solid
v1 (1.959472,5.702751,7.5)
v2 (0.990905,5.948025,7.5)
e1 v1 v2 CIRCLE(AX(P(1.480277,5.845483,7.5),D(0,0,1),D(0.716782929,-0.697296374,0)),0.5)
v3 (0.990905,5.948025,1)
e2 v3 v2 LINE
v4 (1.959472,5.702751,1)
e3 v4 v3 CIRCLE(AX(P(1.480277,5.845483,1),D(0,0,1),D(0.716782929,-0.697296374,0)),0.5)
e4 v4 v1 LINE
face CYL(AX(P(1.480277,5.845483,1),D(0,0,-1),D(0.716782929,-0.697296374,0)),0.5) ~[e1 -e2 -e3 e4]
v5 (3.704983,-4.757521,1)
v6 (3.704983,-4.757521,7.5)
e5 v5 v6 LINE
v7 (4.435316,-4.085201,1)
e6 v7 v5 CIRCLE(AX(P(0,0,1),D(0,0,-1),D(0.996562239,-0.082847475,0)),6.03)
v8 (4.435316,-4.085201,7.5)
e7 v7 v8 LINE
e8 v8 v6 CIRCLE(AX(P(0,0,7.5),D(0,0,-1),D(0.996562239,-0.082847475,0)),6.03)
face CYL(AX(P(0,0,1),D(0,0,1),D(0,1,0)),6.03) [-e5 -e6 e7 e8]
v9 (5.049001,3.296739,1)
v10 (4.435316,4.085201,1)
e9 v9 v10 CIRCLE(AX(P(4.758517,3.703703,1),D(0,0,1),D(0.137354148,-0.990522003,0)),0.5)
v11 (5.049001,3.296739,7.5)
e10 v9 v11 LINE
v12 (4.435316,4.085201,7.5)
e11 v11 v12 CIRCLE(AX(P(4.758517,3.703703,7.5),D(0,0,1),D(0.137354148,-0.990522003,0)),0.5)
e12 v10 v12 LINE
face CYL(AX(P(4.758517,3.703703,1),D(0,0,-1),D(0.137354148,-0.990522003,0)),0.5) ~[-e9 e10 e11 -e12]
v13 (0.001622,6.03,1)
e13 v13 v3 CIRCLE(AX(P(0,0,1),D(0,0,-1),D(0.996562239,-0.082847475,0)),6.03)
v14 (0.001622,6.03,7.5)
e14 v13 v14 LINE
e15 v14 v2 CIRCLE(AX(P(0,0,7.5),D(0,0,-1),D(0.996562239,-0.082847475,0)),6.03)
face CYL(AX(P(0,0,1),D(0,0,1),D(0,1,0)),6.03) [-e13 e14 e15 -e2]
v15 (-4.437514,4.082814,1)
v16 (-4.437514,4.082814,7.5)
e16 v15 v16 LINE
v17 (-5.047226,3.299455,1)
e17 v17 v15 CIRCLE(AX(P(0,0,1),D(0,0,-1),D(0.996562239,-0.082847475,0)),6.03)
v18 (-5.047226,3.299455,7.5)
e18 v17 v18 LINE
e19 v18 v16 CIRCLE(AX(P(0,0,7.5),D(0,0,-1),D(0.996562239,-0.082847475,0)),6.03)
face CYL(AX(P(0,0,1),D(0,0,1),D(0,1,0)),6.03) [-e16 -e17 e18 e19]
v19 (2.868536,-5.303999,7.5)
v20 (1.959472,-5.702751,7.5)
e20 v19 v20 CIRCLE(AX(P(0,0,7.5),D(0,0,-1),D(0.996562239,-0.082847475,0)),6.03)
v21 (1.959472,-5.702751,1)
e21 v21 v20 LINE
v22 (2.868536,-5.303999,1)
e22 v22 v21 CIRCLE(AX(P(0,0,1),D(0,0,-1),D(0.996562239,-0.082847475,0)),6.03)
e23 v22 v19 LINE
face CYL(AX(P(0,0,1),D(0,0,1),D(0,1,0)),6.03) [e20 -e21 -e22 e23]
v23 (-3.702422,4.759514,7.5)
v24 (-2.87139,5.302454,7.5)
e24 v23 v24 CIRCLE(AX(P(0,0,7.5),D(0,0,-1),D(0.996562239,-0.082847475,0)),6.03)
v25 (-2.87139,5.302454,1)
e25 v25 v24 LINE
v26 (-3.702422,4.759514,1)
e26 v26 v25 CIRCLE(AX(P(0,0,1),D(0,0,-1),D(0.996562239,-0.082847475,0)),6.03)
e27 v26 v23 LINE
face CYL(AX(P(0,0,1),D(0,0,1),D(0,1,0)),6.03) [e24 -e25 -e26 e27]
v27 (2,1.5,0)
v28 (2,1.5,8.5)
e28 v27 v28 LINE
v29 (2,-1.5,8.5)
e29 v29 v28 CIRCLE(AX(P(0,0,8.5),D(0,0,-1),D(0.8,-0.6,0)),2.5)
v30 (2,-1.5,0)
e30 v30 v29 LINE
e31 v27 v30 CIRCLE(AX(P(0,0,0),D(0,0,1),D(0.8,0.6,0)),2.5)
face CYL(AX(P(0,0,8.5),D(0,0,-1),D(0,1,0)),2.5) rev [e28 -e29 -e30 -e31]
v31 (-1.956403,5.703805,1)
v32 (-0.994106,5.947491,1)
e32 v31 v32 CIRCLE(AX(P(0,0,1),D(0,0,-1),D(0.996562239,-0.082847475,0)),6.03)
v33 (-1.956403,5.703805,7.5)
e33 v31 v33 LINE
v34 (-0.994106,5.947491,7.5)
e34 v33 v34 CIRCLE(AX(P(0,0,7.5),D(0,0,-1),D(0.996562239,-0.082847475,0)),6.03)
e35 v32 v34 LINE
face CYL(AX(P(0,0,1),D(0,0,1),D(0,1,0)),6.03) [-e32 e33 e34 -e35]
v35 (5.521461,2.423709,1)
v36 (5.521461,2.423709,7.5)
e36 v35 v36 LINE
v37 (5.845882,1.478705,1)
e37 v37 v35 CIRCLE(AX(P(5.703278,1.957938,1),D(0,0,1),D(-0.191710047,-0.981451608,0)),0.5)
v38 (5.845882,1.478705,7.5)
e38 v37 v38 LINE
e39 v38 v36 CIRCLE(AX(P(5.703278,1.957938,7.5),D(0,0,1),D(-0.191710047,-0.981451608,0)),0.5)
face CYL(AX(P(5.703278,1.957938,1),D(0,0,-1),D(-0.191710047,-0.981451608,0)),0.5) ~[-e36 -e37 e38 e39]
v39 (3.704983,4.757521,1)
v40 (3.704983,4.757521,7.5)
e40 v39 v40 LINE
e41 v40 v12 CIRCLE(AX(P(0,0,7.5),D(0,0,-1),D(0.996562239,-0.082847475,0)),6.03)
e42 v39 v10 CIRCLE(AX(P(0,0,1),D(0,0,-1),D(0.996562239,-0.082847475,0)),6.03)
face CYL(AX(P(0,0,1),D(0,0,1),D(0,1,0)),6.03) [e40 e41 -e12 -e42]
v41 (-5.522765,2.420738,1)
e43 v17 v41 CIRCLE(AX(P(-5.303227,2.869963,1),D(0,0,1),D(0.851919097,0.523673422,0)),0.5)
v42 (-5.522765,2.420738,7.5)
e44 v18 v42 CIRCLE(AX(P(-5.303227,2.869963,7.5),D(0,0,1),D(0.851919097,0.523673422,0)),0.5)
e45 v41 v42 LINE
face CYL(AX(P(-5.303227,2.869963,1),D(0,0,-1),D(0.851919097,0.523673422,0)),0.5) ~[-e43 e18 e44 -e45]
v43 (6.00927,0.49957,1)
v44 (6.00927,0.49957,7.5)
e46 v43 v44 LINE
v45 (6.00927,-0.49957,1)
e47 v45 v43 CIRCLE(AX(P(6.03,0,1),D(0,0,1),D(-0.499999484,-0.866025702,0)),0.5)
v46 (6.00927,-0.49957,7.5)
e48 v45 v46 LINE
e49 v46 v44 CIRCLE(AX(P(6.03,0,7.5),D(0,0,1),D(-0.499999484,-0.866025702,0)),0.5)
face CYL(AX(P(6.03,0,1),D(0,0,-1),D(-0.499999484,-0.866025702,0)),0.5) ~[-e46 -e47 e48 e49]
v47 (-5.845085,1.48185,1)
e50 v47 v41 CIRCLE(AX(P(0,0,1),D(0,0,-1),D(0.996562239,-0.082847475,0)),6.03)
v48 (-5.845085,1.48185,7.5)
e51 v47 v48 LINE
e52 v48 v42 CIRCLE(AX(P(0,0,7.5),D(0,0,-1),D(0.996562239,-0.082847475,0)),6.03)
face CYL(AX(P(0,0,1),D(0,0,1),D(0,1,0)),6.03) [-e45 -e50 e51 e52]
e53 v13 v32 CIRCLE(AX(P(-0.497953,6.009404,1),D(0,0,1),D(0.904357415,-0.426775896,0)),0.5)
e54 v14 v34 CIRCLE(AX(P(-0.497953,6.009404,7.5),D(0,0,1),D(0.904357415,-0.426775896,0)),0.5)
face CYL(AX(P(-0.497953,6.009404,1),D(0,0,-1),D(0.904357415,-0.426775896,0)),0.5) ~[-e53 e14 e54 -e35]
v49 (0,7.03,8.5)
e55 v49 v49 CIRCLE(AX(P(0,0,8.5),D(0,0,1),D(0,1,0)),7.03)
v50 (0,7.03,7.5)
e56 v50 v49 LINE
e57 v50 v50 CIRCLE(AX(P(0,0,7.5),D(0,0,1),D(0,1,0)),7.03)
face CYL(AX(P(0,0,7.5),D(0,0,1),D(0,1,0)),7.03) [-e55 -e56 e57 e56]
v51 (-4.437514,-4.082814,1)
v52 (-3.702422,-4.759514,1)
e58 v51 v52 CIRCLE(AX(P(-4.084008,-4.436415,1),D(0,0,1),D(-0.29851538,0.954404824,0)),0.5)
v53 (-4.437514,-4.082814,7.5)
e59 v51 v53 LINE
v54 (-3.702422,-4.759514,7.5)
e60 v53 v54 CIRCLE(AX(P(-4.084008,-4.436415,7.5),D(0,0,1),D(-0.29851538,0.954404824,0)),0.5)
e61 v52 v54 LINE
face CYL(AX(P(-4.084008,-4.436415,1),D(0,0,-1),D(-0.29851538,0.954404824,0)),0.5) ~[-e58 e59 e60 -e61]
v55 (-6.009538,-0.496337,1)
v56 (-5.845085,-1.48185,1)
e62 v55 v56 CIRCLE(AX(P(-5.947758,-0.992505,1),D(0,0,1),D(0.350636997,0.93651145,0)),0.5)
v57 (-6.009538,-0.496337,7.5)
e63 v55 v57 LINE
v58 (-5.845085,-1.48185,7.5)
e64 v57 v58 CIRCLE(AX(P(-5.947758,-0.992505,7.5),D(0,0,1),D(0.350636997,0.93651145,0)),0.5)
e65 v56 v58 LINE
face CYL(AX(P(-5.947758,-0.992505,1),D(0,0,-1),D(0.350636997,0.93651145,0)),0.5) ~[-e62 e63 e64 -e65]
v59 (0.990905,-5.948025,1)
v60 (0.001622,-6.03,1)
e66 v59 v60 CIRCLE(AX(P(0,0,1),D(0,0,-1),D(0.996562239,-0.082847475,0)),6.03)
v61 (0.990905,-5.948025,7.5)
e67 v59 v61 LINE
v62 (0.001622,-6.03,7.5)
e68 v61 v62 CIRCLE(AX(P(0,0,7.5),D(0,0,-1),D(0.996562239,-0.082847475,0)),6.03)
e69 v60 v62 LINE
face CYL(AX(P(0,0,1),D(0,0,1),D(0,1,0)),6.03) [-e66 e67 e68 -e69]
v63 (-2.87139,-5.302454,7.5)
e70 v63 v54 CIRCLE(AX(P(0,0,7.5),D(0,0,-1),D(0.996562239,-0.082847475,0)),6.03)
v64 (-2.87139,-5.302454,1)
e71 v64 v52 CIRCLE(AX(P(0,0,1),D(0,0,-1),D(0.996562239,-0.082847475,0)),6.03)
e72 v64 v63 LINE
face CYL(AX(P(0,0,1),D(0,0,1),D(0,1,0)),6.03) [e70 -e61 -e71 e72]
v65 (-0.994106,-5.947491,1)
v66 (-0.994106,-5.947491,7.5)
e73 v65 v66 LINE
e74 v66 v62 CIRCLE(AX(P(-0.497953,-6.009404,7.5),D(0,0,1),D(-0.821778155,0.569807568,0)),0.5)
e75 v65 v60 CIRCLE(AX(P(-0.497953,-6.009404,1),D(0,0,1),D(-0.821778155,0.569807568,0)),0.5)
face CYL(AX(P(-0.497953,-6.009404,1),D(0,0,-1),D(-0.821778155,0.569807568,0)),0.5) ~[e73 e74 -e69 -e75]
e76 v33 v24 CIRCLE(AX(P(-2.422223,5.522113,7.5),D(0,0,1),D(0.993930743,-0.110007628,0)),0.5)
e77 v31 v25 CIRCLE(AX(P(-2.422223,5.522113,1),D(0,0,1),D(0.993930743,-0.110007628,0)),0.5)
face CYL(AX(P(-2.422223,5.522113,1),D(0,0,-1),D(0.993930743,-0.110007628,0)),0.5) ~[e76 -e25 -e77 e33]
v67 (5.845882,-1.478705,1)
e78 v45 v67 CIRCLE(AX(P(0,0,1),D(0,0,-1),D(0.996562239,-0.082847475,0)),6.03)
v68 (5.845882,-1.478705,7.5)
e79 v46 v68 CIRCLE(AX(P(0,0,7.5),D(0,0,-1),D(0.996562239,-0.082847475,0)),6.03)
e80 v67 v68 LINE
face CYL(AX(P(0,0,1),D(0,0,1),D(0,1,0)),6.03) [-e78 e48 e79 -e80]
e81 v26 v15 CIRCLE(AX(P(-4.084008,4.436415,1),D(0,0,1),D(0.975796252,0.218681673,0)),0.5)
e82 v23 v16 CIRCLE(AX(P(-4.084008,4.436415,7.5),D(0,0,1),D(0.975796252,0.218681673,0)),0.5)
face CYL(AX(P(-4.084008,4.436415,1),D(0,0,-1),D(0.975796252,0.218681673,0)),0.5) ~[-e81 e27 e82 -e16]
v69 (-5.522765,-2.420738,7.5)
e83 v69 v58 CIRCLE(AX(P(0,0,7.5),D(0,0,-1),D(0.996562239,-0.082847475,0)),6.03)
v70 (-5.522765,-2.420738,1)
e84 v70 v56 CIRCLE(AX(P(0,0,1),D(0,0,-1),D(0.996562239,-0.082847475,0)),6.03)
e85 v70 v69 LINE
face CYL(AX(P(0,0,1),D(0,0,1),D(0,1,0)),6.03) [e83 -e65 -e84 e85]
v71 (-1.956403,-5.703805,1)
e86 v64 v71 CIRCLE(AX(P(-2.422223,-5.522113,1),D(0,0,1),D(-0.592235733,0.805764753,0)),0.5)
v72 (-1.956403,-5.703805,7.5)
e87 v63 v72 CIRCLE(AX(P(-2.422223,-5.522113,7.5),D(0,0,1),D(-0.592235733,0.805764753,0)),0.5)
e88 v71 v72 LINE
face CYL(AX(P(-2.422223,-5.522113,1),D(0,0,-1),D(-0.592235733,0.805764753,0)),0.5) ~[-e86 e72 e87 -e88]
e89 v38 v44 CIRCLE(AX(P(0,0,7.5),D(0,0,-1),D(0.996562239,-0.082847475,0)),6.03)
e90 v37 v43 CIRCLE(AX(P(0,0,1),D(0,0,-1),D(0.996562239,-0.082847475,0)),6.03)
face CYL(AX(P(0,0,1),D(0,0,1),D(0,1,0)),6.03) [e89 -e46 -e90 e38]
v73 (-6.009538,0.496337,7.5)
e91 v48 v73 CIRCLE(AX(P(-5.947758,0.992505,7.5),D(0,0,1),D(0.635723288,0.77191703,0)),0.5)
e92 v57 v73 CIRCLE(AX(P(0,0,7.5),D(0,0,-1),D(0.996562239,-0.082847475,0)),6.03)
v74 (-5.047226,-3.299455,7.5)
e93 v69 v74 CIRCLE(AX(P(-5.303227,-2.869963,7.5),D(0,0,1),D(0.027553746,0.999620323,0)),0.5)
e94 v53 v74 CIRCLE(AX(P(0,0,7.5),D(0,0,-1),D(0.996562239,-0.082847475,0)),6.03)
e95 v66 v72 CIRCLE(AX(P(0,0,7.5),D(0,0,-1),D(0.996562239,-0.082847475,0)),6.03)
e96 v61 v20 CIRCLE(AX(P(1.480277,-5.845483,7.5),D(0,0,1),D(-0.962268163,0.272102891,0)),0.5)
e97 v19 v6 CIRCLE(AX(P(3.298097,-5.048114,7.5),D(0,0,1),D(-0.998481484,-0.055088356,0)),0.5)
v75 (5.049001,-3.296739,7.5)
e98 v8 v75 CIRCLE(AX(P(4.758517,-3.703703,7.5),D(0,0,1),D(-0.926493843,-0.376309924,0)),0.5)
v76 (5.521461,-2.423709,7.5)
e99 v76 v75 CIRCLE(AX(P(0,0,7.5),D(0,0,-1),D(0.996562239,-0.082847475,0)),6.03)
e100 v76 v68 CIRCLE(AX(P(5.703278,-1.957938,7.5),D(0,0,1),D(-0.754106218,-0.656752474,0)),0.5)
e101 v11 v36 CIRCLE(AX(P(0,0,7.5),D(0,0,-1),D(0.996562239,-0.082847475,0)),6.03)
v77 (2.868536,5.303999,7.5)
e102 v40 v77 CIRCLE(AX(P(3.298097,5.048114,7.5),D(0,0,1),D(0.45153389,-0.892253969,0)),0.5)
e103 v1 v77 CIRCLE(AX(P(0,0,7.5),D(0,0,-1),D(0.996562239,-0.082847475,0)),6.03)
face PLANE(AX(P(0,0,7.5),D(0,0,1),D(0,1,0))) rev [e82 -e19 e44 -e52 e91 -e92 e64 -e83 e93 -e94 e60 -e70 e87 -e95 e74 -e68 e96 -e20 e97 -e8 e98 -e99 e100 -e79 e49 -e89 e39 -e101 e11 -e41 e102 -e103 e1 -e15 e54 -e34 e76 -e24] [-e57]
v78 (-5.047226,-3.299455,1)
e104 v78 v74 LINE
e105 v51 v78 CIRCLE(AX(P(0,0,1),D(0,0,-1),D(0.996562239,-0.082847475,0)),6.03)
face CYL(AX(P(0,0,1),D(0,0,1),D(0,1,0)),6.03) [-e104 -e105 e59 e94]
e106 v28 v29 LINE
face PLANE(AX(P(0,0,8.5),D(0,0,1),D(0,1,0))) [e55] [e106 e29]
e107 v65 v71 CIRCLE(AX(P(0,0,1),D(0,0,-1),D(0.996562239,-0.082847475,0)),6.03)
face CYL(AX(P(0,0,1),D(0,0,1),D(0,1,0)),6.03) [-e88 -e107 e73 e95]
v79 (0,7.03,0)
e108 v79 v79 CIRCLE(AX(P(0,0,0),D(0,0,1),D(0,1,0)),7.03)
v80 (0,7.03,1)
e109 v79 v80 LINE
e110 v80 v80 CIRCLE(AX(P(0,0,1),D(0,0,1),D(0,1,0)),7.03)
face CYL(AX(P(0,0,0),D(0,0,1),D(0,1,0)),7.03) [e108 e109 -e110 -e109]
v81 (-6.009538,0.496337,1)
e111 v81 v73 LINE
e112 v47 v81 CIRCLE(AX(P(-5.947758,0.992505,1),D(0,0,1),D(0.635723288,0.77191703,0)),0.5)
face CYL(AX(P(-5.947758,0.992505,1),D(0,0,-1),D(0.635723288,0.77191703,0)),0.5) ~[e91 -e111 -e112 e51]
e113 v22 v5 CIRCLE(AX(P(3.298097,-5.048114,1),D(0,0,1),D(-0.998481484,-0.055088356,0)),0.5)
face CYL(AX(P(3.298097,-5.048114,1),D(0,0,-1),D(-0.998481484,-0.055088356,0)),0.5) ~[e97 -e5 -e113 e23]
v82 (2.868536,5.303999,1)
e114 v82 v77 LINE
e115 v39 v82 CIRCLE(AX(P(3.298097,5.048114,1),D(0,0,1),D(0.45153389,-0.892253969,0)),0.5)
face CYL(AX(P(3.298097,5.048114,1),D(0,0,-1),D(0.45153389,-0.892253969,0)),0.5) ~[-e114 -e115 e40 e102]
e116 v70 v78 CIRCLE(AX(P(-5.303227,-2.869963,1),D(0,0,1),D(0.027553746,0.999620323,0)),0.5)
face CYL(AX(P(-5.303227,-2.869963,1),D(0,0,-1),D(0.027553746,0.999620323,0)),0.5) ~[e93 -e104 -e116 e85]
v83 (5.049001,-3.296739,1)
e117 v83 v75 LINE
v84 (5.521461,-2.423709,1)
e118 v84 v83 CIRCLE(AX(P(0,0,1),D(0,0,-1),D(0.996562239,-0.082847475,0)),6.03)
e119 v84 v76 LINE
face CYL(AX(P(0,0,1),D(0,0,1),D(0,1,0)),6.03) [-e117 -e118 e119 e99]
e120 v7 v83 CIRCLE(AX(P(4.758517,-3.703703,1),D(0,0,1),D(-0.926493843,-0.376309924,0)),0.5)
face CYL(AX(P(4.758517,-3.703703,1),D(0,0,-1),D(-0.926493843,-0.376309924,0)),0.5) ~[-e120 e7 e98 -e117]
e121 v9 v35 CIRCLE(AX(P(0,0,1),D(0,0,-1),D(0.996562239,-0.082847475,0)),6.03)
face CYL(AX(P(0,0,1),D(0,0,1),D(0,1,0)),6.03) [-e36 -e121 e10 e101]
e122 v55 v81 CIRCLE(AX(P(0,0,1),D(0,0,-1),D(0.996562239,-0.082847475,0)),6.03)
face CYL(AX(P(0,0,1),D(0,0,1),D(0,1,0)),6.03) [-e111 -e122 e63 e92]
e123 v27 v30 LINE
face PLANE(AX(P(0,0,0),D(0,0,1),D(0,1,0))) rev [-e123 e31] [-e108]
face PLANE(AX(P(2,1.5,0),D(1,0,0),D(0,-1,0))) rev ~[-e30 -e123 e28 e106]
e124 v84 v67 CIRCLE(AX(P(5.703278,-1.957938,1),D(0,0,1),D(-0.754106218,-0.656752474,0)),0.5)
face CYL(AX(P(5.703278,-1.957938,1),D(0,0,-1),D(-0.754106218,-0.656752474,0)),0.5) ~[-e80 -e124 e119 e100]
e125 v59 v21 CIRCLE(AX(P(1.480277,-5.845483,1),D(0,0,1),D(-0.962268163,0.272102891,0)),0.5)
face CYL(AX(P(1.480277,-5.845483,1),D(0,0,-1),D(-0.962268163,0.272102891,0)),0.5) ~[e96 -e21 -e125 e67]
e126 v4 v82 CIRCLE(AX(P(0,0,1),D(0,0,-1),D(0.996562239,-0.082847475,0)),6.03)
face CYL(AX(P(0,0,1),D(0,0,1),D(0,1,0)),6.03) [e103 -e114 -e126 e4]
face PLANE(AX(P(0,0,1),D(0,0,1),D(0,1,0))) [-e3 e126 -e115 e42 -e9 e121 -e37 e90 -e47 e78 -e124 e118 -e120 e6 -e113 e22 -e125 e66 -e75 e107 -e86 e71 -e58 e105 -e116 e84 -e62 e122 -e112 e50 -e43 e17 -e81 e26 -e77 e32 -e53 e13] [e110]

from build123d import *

# Parameters (mm, degrees)
PAD014_DEPTH       = 6.5
POLARPATTERN_COUNT = 19
PAD015_DEPTH       = 8.5


with BuildPart() as part:
    # Sketch031 → Revolution002 (revolve)
    with BuildSketch(Plane.YZ):
        Polygon((2.5, 0), (7.03, 0), (7.03, 1), (6.03, 1), (6.03, 7.5), (7.03, 7.5), (7.03, 8.5), (2.5, 8.5), align=None)
    revolve(axis=Axis((0, 0, 0), (0, 0, 1)))

    # Sketch029 → Pad014 (new body)
    with BuildSketch(Plane.XY.offset(1)):
        with BuildLine():
            ThreePointArc((5.78, -0.433013), (6.53, 0), (5.78, 0.433013))
            Line((5.78, 0.433013), (5.78, -0.433013))
        make_face()
    pad014 = extrude(amount=PAD014_DEPTH)

    # PolarPattern: Pad014 ×19 about axis
    polarpattern_axis = Axis((0, 0, 1), (0, 0, 1))
    for i in range(1, POLARPATTERN_COUNT):
        add(pad014.rotate(polarpattern_axis, i * 360 / POLARPATTERN_COUNT))

    # Sketch032 → Pad015 (join)
    with BuildSketch(Plane.XY):
        with BuildLine():
            ThreePointArc((2, -1.5), (2.5, 0), (2, 1.5))
            Line((2, 1.5), (2, -1.5))
        make_face()
    extrude(amount=PAD015_DEPTH)


solid = part.part
